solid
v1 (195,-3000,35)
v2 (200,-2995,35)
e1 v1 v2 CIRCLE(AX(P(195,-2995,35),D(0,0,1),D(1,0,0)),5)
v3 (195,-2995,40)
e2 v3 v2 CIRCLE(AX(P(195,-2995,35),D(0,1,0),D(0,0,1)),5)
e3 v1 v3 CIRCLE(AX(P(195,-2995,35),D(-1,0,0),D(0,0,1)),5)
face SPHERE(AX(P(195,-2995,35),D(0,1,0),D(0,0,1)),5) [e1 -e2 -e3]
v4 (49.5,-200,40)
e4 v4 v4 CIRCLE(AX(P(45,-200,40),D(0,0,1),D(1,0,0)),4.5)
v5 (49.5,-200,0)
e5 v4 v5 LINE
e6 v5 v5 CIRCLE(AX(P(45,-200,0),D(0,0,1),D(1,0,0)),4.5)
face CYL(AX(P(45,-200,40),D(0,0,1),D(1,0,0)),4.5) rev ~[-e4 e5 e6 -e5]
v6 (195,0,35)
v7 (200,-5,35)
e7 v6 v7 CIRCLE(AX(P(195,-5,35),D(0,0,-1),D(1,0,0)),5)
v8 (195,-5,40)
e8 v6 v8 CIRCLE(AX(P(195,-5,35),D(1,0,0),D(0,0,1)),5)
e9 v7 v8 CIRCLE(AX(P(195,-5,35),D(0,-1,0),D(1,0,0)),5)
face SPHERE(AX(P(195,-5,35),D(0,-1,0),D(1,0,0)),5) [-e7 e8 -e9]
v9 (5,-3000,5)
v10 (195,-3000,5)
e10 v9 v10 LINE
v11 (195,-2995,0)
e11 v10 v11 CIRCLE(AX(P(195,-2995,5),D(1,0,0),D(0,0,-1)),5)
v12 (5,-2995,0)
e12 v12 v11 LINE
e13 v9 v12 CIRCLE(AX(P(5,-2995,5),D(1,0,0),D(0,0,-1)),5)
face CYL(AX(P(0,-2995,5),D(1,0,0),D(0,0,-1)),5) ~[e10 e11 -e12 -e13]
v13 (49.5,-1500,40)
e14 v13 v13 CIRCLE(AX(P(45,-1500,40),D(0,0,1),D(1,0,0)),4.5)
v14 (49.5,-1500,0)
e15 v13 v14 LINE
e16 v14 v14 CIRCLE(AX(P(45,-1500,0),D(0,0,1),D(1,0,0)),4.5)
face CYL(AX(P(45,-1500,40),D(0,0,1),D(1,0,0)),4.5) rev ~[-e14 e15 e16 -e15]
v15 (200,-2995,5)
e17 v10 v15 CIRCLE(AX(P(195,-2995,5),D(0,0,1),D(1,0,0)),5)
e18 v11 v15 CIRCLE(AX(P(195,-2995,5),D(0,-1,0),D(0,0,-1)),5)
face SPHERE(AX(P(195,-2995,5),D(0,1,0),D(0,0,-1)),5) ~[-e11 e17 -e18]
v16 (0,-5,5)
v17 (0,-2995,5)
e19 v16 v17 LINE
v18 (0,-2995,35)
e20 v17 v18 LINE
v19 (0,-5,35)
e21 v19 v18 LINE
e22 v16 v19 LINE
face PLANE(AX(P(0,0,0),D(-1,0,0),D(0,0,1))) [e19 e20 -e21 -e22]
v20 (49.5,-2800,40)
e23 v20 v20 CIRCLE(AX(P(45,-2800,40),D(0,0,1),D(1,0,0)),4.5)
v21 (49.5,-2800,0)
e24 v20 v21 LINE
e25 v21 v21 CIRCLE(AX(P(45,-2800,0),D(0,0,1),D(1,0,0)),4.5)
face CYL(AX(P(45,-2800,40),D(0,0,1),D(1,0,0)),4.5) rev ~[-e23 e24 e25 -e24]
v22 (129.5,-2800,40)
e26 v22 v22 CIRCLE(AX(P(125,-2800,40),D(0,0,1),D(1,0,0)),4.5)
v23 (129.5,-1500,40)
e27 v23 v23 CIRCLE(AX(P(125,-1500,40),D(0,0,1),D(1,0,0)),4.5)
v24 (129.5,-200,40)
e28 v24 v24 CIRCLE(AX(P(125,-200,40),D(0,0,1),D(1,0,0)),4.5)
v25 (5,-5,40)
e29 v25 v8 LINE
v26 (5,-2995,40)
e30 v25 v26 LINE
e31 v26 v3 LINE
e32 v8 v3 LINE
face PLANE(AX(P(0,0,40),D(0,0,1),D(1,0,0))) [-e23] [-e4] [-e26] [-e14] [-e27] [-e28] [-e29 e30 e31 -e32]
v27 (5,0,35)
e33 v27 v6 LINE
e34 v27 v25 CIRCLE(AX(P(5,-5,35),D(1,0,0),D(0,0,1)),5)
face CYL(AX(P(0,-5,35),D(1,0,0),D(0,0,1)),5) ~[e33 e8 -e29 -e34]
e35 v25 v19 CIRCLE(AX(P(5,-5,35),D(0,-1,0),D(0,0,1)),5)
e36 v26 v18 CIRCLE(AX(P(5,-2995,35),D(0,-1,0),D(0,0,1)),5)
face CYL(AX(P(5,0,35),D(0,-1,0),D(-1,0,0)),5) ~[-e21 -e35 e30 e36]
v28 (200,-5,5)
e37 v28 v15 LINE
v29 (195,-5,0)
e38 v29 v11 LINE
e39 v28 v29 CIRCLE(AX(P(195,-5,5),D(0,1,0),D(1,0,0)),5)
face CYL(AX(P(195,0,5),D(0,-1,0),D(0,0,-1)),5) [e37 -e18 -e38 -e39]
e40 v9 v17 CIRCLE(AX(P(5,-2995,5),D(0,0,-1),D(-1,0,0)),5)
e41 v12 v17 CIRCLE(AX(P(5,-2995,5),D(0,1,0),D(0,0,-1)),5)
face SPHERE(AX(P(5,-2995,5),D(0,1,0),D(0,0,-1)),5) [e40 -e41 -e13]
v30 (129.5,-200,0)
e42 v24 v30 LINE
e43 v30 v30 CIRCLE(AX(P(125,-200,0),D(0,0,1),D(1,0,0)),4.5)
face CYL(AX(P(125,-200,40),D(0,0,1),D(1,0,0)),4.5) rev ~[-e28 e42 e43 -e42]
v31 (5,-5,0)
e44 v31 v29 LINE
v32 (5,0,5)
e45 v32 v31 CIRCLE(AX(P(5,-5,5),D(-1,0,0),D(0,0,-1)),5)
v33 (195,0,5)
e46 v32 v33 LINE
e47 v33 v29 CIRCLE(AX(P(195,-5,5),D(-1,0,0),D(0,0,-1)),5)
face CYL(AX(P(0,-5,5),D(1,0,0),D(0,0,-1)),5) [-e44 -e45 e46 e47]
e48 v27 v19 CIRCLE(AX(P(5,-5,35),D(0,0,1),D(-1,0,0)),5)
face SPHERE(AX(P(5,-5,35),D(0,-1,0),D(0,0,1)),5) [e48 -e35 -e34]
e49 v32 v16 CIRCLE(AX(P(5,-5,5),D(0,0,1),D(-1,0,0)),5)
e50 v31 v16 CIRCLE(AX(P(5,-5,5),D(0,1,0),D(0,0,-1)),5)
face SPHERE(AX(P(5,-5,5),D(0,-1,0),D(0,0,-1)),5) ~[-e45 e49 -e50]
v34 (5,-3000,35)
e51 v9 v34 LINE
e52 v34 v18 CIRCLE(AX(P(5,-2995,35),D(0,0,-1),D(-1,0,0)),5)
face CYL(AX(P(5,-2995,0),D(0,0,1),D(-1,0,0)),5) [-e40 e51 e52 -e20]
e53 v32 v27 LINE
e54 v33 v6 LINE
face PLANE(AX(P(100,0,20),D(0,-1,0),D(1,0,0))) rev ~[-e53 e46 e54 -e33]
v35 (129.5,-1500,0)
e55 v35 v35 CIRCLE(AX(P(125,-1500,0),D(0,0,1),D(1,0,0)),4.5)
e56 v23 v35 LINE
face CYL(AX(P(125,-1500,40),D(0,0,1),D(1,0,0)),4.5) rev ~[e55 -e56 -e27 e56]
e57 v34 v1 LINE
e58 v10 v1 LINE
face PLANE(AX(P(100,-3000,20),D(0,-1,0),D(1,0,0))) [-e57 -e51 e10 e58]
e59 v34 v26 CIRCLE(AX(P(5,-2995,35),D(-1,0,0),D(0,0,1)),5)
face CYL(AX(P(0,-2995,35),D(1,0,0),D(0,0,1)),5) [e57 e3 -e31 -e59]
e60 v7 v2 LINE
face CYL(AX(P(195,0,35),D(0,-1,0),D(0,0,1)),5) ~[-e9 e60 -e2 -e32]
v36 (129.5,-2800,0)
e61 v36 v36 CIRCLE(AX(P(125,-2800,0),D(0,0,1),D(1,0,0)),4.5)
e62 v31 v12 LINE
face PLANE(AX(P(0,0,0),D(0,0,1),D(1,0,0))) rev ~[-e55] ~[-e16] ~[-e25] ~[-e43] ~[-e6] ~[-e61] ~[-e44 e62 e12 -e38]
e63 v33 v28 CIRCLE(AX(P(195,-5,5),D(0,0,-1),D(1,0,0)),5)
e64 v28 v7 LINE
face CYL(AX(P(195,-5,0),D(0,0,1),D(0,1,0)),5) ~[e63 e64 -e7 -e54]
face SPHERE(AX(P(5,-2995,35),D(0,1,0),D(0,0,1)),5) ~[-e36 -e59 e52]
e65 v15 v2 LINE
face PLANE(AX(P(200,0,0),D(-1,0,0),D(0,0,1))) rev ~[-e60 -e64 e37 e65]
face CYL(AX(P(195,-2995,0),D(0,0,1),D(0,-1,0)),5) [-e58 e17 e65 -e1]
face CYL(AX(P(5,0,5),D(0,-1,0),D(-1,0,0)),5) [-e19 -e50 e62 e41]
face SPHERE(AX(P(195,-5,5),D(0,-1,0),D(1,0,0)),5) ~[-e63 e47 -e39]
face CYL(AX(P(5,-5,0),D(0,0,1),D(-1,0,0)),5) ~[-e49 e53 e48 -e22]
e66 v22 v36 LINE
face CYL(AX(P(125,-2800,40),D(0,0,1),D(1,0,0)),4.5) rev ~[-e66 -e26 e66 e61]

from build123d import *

# Parameters (mm, degrees)
F0_W     = 200
F0_H     = 40
F1_DEPTH = 3000
F2_R     = 4.5
F3_DEPTH = 40.001
F4_R     = 5


with BuildPart() as f1:
    # F0 (on Front) → F1 (new body)
    with BuildSketch(Plane.XZ):
        with Locations((100, 20)):
            Rectangle(F0_W, F0_H)
    extrude(amount=F1_DEPTH)

    # F2 (on face) → F3 (cut, through all)
    with BuildSketch(Plane.XY.offset(40)):
        with Locations((45, -2800)):
            Circle(F2_R)
        with Locations((125, -2800)):
            Circle(F2_R)
        with Locations((45, -200)):
            Circle(F2_R)
        with Locations((125, -200)):
            Circle(F2_R)
        with Locations((45, -1500)):
            Circle(F2_R)
        with Locations((125, -1500)):
            Circle(F2_R)
    extrude(amount=-F3_DEPTH, mode=Mode.SUBTRACT)

    # F4
    f4_edges = [f1.edges().sort_by_distance(p)[0] for p in [
        (0, -1500, 40),
        (0, -1500, 0),
        (200, -1500, 40),
        (200, -1500, 0),
        (100, -3000, 40),
        (100, -3000, 0),
        (0, -3000, 20),
        (200, -3000, 20),
        (200, 0, 20),
        (100, 0, 40),
        (100, 0, 0),
        (0, 0, 20),
    ]]
    fillet(f4_edges, radius=F4_R)


solid = f1.part
